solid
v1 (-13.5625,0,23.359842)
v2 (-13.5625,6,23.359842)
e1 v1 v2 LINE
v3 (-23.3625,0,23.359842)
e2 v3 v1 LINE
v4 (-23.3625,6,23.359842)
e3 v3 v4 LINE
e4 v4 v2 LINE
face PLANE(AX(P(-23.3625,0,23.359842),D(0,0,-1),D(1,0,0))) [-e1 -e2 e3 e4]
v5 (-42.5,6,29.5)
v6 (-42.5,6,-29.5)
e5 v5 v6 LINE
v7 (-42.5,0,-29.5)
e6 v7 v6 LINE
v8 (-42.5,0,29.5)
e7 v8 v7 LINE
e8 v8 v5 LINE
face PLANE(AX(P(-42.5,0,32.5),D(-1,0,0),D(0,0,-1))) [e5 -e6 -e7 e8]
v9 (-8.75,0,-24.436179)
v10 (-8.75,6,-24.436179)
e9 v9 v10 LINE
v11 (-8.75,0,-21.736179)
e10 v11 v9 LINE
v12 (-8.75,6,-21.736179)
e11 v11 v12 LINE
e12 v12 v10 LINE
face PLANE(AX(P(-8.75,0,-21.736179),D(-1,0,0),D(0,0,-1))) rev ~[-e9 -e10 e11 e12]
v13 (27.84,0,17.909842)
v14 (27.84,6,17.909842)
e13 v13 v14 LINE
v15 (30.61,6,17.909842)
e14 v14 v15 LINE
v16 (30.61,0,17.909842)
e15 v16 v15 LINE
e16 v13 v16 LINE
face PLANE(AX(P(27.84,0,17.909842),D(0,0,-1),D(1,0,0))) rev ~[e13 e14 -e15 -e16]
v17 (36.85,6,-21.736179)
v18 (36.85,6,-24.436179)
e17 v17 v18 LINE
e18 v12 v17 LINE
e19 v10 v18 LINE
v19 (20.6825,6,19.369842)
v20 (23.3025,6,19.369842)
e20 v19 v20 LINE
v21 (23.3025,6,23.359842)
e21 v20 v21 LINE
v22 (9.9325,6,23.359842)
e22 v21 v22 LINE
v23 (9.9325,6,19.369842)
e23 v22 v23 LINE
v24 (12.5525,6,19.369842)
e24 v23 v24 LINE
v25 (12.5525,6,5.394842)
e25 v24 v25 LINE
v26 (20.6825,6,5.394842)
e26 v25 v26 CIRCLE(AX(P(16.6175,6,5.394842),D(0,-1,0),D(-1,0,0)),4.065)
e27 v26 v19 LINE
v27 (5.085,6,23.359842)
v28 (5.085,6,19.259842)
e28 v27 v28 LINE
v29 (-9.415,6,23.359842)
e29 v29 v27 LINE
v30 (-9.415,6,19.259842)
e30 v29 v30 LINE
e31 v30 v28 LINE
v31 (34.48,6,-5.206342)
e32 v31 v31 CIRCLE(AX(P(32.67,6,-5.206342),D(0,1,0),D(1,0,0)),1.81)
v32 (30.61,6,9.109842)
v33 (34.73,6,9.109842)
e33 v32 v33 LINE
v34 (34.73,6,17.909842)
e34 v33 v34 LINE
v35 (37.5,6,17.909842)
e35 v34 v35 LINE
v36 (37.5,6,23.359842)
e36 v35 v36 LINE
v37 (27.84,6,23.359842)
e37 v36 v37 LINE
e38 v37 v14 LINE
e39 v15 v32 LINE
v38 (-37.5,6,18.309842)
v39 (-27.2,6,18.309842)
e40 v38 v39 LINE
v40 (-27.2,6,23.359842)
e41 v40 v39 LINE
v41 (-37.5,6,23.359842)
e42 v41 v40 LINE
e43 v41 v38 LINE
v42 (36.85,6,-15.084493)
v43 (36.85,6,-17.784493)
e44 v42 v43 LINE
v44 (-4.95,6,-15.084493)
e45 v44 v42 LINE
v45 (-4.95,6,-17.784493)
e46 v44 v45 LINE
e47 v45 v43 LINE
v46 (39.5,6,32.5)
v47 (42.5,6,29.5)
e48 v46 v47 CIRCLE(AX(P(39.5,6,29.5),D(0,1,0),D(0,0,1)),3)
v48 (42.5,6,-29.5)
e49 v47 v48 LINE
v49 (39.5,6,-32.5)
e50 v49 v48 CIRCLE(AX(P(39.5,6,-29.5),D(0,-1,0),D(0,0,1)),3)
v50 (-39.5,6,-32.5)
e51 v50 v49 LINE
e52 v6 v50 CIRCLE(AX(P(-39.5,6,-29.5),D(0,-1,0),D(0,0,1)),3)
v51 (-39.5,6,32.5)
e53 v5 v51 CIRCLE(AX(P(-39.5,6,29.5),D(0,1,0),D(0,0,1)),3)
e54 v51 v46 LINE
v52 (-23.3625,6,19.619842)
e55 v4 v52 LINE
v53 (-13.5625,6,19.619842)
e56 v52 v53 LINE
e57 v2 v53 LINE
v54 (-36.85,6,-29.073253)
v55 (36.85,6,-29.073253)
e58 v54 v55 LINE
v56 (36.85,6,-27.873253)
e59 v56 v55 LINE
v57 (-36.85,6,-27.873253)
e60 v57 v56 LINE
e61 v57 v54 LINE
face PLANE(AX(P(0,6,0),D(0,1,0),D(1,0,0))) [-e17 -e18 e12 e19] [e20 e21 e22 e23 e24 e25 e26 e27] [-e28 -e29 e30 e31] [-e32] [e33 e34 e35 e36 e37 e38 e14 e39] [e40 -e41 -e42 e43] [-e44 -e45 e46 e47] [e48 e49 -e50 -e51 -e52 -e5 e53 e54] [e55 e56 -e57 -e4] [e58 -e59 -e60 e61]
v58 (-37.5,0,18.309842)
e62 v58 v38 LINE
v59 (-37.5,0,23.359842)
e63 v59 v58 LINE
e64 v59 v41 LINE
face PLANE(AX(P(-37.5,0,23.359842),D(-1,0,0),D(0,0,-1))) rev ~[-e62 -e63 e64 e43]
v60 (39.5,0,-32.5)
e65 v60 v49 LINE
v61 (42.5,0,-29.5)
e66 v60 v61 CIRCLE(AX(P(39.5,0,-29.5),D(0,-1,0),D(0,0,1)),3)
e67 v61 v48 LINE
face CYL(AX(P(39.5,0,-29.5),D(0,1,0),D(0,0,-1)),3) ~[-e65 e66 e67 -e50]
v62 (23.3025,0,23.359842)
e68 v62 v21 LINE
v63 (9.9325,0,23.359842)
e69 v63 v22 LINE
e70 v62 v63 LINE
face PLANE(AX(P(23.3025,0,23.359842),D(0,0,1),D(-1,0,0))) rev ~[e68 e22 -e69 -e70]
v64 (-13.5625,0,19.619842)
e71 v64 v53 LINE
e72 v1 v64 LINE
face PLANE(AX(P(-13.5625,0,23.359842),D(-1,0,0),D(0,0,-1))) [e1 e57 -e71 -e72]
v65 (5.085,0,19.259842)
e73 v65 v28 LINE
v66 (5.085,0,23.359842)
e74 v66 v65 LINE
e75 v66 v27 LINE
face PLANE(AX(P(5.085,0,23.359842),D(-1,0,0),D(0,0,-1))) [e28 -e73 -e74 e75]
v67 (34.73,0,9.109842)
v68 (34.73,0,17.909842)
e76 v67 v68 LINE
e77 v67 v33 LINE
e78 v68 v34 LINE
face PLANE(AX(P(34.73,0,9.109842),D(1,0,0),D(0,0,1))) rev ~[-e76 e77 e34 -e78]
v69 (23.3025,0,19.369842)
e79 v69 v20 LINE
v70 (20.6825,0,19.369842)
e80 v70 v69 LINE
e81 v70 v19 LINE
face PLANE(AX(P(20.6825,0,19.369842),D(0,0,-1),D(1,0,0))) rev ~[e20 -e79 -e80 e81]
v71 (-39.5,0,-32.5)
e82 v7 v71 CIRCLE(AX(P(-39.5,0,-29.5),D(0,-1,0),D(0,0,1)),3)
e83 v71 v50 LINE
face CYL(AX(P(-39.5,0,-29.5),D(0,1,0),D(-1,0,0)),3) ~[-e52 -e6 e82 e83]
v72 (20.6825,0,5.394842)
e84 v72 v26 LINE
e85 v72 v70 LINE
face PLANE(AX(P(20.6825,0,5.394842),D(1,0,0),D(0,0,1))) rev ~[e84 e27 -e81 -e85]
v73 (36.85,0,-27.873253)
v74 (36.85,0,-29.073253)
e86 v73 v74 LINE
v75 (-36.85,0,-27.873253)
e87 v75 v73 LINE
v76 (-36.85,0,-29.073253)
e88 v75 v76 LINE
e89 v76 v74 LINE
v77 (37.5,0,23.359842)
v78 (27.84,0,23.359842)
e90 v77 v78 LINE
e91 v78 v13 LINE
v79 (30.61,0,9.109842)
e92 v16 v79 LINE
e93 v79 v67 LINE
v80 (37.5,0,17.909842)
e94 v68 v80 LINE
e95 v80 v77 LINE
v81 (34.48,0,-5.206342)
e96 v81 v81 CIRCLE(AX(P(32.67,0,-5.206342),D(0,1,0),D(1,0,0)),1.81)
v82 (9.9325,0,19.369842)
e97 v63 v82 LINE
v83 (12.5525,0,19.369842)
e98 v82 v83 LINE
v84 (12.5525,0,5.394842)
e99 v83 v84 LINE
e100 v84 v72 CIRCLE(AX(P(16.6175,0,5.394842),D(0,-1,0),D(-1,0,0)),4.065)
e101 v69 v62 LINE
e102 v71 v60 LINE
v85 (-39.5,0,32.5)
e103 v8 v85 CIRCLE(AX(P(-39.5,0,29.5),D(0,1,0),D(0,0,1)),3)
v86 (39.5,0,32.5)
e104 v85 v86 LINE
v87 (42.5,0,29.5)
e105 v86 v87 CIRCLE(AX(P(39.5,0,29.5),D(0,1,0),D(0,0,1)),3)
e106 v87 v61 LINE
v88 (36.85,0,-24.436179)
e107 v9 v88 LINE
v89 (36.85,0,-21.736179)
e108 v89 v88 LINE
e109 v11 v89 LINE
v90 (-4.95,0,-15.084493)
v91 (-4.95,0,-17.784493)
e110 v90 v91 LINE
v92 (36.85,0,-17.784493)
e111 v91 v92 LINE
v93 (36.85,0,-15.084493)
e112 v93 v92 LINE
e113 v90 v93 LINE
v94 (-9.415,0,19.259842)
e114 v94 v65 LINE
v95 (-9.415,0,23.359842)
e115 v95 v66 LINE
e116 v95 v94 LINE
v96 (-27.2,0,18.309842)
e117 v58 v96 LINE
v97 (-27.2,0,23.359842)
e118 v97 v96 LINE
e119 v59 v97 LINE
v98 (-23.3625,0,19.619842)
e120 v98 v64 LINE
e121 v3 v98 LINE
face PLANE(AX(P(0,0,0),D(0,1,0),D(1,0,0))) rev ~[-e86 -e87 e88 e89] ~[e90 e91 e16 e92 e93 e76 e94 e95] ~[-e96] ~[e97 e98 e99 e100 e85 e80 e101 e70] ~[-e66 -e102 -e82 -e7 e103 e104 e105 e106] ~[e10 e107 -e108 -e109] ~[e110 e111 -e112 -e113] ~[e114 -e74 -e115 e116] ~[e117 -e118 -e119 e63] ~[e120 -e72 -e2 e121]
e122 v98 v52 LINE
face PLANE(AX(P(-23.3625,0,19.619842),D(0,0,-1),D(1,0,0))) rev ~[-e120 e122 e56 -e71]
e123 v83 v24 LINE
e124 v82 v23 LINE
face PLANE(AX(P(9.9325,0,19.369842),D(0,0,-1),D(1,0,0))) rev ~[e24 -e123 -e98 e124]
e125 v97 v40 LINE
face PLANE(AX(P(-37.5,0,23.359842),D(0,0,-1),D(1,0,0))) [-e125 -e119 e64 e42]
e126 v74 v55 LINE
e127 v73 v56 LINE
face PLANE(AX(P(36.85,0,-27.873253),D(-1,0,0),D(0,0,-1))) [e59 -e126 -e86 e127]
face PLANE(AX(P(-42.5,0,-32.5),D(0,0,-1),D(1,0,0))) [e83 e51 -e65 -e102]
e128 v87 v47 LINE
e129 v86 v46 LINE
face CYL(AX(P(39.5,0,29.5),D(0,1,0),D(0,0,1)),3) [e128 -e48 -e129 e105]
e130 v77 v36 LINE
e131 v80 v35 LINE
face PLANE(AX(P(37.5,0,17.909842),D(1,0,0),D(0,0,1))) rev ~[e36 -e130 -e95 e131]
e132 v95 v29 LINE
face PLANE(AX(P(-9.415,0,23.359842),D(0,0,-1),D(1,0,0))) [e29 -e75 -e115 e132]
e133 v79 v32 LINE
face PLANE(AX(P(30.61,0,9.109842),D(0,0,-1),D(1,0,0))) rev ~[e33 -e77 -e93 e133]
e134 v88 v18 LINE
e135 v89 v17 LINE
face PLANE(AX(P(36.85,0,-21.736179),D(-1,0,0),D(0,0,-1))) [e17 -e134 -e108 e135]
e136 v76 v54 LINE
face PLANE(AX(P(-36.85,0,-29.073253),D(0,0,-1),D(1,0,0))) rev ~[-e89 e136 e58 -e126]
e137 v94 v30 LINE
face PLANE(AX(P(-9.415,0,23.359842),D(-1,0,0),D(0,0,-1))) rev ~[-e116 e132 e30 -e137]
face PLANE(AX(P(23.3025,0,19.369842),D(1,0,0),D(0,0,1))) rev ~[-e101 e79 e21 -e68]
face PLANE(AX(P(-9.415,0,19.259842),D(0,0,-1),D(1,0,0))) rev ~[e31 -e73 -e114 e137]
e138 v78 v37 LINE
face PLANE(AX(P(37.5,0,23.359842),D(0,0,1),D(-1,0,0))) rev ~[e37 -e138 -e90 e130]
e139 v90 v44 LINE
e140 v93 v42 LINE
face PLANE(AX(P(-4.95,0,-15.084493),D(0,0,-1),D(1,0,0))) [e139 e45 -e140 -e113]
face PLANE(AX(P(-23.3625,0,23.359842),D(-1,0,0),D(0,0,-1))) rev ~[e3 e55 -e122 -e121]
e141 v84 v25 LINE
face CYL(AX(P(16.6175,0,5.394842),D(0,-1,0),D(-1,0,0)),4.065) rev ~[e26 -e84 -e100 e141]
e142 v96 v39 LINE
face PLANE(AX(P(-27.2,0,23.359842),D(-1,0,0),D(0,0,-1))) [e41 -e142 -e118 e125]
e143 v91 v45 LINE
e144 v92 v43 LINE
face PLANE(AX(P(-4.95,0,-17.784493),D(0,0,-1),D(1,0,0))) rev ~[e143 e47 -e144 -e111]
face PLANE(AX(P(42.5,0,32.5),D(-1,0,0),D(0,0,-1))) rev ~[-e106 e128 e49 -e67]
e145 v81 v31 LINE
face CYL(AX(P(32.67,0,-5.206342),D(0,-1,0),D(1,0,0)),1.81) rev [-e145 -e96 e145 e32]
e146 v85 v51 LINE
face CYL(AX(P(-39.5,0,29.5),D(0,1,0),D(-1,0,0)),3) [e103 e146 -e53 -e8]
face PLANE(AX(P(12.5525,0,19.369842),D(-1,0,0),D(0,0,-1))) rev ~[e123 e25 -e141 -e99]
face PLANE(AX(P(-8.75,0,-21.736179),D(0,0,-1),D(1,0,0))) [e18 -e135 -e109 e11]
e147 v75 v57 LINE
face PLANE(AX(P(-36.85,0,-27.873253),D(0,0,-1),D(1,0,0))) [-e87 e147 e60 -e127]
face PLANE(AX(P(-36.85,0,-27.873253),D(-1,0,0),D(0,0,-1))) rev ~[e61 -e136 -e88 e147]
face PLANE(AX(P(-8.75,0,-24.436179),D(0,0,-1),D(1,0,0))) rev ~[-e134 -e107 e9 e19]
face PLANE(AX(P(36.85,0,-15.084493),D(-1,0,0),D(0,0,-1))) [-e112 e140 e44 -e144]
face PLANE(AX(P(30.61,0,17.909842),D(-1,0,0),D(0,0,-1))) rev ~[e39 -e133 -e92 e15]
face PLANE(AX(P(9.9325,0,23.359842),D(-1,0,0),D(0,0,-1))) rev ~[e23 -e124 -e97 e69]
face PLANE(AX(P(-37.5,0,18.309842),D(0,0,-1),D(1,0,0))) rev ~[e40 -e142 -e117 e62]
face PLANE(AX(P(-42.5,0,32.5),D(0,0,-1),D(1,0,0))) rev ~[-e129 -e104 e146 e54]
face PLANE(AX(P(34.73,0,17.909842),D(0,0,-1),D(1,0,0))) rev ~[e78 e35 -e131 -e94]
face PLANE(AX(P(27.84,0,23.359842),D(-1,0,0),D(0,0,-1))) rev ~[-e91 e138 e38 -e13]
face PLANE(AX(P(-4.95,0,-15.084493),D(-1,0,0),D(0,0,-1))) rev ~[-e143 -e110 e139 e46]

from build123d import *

# Parameters (mm, degrees)
SKETCH1_W           = 85
SKETCH1_H           = 65
SKETCH1_R           = 1.81
SKETCH1_W_2         = 14.5
SKETCH1_H_2         = 4.1
SKETCH1_W_3         = 9.8
SKETCH1_H_3         = 3.74
SKETCH1_W_4         = 10.3
SKETCH1_H_4         = 5.05
SKETCH1_W_5         = 73.7
SKETCH1_H_5         = 1.2
SKETCH1_W_6         = 45.6
SKETCH1_H_6         = 2.7
SKETCH1_W_7         = 41.8
BOSS_EXTRUDE1_DEPTH = 6
FILLET1_R           = 3


with BuildPart() as part:
    # Sketch1 → Boss-Extrude1 (new body)
    with BuildSketch(Plane(origin=(0, 0, 0), x_dir=(1, 0, 0), z_dir=(0, 1, 0))):
        Rectangle(SKETCH1_W, SKETCH1_H)
        with Locations((32.67, 5.206342289)):
            Circle(SKETCH1_R, mode=Mode.SUBTRACT)
        Polygon((37.5, -23.359842136), (27.84, -23.359842136), (27.84, -17.909842136), (30.61, -17.909842136), (30.61, -9.109842136), (34.73, -9.109842136), (34.73, -17.909842136), (37.5, -17.909842136), align=None, mode=Mode.SUBTRACT)
        with BuildLine():
            Line((23.3025, -23.359842136), (9.9325, -23.359842136))
            Line((9.9325, -23.359842136), (9.9325, -19.369842136))
            Line((9.9325, -19.369842136), (12.5525, -19.369842136))
            Line((12.5525, -19.369842136), (12.5525, -5.394842136))
            ThreePointArc((12.5525, -5.394842136), (16.6175, -1.329842136), (20.6825, -5.394842136))
            Line((20.6825, -5.394842136), (20.6825, -19.369842136))
            Line((20.6825, -19.369842136), (23.3025, -19.369842136))
            Line((23.3025, -19.369842136), (23.3025, -23.359842136))
        make_face(mode=Mode.SUBTRACT)
        with Locations((-2.165, -21.309842136)):
            Rectangle(SKETCH1_W_2, SKETCH1_H_2, mode=Mode.SUBTRACT)
        with Locations((-18.4625, -21.489842136)):
            Rectangle(SKETCH1_W_3, SKETCH1_H_3, mode=Mode.SUBTRACT)
        with Locations((-32.35, -20.834842136)):
            Rectangle(SKETCH1_W_4, SKETCH1_H_4, mode=Mode.SUBTRACT)
        with Locations((0, 28.473253228)):
            Rectangle(SKETCH1_W_5, SKETCH1_H_5, mode=Mode.SUBTRACT)
        with Locations((14.05, 23.086178608)):
            Rectangle(SKETCH1_W_6, SKETCH1_H_6, mode=Mode.SUBTRACT)
        with Locations((15.95, 16.43449293)):
            Rectangle(SKETCH1_W_7, SKETCH1_H_6, mode=Mode.SUBTRACT)
    extrude(amount=BOSS_EXTRUDE1_DEPTH)

    # Fillet1
    fillet1_edges = [part.edges().sort_by_distance(p)[0] for p in [
        (42.5, 3, 32.5),
        (-42.5, 3, 32.5),
        (-42.5, 3, -32.5),
        (42.5, 3, -32.5),
    ]]
    fillet(fillet1_edges, radius=FILLET1_R)


solid = part.part
